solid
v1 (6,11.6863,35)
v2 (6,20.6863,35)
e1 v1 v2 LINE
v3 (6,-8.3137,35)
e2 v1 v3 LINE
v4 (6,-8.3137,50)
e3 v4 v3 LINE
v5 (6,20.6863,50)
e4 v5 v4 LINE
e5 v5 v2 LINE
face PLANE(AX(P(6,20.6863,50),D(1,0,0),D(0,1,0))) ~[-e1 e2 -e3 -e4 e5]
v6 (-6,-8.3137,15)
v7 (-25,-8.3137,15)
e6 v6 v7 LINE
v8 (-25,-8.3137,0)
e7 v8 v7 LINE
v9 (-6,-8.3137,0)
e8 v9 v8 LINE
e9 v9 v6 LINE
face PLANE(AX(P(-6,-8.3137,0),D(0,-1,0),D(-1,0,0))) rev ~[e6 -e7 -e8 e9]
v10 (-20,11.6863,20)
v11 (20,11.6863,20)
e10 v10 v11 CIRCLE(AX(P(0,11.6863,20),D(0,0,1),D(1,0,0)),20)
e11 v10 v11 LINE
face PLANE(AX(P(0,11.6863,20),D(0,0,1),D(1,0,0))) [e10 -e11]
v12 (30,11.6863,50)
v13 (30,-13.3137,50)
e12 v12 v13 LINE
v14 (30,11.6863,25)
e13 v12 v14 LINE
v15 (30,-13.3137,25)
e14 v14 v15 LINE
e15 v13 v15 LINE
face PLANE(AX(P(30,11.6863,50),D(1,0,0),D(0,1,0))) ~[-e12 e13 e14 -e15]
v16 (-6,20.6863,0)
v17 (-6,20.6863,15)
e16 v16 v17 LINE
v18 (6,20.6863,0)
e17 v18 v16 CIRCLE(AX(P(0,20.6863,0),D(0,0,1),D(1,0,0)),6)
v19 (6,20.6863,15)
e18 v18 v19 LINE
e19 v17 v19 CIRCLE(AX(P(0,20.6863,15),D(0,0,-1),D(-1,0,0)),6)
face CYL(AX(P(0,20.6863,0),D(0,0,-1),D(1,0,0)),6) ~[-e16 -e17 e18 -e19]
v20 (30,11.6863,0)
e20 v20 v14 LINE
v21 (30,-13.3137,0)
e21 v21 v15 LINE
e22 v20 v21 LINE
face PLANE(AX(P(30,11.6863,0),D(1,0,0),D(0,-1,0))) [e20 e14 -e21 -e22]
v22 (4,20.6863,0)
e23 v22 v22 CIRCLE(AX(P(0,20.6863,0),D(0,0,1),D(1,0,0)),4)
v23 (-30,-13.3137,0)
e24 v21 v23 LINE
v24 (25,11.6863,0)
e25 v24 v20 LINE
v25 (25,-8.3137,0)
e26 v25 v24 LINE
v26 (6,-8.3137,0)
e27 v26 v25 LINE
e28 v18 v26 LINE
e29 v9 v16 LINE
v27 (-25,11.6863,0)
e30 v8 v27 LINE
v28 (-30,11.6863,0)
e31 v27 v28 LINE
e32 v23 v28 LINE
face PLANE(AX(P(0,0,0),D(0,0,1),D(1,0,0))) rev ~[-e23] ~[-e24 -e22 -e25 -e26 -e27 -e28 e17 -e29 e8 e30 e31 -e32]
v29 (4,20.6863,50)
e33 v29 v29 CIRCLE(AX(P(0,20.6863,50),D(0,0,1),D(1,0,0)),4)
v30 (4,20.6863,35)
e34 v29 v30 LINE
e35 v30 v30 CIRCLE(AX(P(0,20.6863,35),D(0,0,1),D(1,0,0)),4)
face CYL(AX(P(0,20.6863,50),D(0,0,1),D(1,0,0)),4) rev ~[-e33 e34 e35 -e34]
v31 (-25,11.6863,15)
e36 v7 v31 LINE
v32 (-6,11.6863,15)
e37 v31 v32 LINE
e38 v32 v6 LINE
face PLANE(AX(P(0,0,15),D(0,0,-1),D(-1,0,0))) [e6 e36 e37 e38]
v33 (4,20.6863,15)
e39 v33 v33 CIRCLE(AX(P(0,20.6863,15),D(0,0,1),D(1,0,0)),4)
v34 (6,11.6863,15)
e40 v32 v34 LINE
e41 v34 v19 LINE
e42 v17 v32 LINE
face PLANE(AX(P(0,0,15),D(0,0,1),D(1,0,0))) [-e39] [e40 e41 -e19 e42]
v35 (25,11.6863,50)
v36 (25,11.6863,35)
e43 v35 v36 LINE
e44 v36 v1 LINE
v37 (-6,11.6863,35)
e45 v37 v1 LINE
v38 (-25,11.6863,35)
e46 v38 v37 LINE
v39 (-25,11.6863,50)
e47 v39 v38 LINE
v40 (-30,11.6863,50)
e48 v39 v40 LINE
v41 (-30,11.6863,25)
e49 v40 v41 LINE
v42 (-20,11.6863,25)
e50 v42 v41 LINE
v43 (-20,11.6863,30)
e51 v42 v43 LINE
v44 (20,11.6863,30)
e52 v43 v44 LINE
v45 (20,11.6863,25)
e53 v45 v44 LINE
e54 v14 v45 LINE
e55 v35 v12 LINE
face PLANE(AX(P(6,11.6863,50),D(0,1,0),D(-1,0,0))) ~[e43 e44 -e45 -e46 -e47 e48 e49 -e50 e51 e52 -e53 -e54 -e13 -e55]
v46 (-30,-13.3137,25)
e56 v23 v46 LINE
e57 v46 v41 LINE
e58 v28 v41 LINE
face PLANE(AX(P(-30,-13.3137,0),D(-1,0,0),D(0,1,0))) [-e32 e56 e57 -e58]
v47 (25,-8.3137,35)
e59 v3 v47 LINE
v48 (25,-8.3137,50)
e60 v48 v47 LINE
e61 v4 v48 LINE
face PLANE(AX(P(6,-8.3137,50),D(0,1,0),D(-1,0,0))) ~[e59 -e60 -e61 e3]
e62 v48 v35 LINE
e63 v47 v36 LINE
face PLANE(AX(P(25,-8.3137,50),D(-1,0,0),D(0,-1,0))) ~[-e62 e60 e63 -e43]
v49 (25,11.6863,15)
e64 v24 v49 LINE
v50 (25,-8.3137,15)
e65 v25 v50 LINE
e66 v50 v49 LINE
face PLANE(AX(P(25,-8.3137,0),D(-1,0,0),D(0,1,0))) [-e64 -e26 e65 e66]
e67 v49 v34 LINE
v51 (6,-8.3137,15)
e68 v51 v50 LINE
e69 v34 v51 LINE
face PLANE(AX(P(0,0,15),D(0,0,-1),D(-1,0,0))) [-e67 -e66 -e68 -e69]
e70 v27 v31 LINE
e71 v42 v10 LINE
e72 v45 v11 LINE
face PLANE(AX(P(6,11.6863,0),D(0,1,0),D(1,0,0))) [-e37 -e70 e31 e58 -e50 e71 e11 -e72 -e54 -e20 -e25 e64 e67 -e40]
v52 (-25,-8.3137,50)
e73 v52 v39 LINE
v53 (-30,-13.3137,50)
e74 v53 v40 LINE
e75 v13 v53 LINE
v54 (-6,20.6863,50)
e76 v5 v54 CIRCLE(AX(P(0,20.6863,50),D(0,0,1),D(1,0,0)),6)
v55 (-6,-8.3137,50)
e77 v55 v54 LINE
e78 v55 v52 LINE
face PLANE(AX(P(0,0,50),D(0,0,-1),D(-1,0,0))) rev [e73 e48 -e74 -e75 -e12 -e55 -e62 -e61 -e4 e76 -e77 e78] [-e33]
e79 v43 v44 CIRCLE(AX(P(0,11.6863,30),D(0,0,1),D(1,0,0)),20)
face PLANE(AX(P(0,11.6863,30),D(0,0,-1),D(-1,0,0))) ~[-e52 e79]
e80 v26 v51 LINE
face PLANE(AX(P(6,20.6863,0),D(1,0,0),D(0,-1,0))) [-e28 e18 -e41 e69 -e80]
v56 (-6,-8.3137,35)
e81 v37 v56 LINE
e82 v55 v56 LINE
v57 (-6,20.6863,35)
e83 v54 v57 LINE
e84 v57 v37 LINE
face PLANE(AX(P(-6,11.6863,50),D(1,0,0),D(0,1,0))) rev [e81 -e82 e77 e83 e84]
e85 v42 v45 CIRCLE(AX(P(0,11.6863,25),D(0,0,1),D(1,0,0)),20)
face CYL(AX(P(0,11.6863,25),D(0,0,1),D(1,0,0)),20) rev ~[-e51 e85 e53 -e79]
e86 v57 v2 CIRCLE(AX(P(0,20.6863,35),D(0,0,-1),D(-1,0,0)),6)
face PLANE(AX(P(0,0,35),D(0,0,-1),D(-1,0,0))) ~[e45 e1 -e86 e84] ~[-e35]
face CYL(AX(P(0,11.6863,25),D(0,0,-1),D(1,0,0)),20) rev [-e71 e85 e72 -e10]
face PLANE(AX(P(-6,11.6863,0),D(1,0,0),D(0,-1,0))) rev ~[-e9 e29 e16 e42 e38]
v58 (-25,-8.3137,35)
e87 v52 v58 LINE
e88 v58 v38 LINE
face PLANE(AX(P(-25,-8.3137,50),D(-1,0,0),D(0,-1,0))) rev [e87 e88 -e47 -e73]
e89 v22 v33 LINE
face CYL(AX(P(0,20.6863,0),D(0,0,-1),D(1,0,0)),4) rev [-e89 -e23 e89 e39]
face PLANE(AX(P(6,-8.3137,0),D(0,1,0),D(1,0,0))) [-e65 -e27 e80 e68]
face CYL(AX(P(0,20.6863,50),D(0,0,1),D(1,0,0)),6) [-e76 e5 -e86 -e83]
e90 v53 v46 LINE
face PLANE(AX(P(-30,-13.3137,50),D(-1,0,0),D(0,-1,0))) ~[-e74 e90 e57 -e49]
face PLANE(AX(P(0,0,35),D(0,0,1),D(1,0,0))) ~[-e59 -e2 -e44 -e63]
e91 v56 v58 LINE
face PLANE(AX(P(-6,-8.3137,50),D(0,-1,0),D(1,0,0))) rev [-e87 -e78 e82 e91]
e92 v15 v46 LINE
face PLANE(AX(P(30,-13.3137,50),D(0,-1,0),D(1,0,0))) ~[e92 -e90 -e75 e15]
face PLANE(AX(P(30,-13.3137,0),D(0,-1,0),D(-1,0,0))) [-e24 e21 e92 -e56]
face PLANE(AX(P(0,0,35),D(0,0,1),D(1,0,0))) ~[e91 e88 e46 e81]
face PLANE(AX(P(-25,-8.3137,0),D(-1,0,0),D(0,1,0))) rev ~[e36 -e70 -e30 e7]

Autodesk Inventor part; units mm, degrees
ref_plane "YZ Plane" through (0, 0, 0) normal (1, 0, 0) x (0, 1, 0)
ref_plane "XZ Plane" through (0, 0, 0) normal (0, 1, 0) x (-1, 0, 0)
sketch "Sketch2" plane through (0, 0, 0) normal (0, 0, 1) x (1, 0, 0)
  line L0 (30, -13.3137) -> (-30, -13.3137)
  line L1 (-30, -13.3137) -> (-30, 11.6863)
  line L2 (30, 11.6863) -> (30, -13.3137)
  line L3 (-25, 11.6863) -> (-30, 11.6863)
  line L4 (-6, 11.6863) -> (-6, 20.6863)
  line L5 (6, 20.6863) -> (6, 11.6863)
  arc A0 (6, 20.6863) -> (-6, 20.6863) centre (0, 20.6863) ccw
  circle A1 centre (0, 20.6863) radius 4
  line L6 (-30, 11.6863) -> (-6, 11.6863)
  line L7 (6, 11.6863) -> (30, 11.6863)
  point P0 (0, 0)
  dimension "d0" = 60
  dimension "d9" = 25
  dimension "d12" = 8
  dimension "d13" = 12
  dimension "d14" = 9
extrude "Extrusion1" add sketch "Sketch2" along normal blind 25
sketch "Sketch3" plane through (0, 0, 0) normal (0, 0, -1) x (-1, 0, 0)
  line L0 (-25, 11.6863) -> (-6, 11.6863)
  line L1 (-6, 11.6863) -> (-6, -8.3137)
  line L2 (-6, -8.3137) -> (-25, -8.3137)
  line L3 (-25, -8.3137) -> (-25, 11.6863)
  line L4 (25, 11.6863) -> (6, 11.6863)
  line L5 (6, 11.6863) -> (6, -8.3137)
  line L6 (6, -8.3137) -> (25, -8.3137)
  line L7 (25, -8.3137) -> (25, 11.6863)
  line L8 (30, -13.3137) -> (-30, -13.3137) projected
  line L9 (-30, -13.3137) -> (-30, 11.6863) projected
  line L10 (30, 11.6863) -> (30, -13.3137) projected
  point P0 (0, 0)
  point P1 (-30, -0.8137)
  dimension "d17" = 5
  dimension "d18" = 5
  dimension "d19" = 5
  dimension "d20" = 5
extrude "Extrusion2" cut sketch "Sketch3" against normal blind 15
sketch "Sketch4" plane through (0, 0, 25) normal (0, 0, 1) x (1, 0, 0)
  line L0 (-6, 11.6863) -> (6, 11.6863)
  line L1 (6, 11.6863) -> (6, 20.6863)
  line L2 (6, 26.6863) -> (0, 26.6863)
  line L3 (-6, 20.6863) -> (-6, 11.6863)
  arc A0 (6, 20.6863) -> (-6, 20.6863) centre (0, 20.6863) ccw
  circle A1 centre (0, 20.6863) radius 4
  point P0 (0, 0)
  dimension "d23" = 15
extrude "Extrusion3" cut sketch "Sketch4" against normal blind 10
sketch "Sketch5" plane through (-30, 11.6863, 25) normal (0, 1, 0) x (1, 0, 0)
  line L0 (0, 0) -> (60, 0) projected
  line L1 (30, 0) -> (50, 0)
  line L2 (50, 0) -> (50, 5)
  line L3 (50, 5) -> (30, 5)
  line L4 (30, 5) -> (30, 0)
  point P0 (30, 25)
  dimension "d27" = 20
  dimension "d28" = 5
revolve "Revolution1" cut sketch "Sketch5" angle 360 about axis through (0, 11.6863, 20) along (0, 0, 1)
ref_plane "Work Plane1" through (0, 0, 25) normal (0, 0, 1) x (1, 0, 0)
mirror "Mirror1" about plane through (0, 0, 25) normal (0, 0, 1)
properties part number "khurramf_01_Base"
